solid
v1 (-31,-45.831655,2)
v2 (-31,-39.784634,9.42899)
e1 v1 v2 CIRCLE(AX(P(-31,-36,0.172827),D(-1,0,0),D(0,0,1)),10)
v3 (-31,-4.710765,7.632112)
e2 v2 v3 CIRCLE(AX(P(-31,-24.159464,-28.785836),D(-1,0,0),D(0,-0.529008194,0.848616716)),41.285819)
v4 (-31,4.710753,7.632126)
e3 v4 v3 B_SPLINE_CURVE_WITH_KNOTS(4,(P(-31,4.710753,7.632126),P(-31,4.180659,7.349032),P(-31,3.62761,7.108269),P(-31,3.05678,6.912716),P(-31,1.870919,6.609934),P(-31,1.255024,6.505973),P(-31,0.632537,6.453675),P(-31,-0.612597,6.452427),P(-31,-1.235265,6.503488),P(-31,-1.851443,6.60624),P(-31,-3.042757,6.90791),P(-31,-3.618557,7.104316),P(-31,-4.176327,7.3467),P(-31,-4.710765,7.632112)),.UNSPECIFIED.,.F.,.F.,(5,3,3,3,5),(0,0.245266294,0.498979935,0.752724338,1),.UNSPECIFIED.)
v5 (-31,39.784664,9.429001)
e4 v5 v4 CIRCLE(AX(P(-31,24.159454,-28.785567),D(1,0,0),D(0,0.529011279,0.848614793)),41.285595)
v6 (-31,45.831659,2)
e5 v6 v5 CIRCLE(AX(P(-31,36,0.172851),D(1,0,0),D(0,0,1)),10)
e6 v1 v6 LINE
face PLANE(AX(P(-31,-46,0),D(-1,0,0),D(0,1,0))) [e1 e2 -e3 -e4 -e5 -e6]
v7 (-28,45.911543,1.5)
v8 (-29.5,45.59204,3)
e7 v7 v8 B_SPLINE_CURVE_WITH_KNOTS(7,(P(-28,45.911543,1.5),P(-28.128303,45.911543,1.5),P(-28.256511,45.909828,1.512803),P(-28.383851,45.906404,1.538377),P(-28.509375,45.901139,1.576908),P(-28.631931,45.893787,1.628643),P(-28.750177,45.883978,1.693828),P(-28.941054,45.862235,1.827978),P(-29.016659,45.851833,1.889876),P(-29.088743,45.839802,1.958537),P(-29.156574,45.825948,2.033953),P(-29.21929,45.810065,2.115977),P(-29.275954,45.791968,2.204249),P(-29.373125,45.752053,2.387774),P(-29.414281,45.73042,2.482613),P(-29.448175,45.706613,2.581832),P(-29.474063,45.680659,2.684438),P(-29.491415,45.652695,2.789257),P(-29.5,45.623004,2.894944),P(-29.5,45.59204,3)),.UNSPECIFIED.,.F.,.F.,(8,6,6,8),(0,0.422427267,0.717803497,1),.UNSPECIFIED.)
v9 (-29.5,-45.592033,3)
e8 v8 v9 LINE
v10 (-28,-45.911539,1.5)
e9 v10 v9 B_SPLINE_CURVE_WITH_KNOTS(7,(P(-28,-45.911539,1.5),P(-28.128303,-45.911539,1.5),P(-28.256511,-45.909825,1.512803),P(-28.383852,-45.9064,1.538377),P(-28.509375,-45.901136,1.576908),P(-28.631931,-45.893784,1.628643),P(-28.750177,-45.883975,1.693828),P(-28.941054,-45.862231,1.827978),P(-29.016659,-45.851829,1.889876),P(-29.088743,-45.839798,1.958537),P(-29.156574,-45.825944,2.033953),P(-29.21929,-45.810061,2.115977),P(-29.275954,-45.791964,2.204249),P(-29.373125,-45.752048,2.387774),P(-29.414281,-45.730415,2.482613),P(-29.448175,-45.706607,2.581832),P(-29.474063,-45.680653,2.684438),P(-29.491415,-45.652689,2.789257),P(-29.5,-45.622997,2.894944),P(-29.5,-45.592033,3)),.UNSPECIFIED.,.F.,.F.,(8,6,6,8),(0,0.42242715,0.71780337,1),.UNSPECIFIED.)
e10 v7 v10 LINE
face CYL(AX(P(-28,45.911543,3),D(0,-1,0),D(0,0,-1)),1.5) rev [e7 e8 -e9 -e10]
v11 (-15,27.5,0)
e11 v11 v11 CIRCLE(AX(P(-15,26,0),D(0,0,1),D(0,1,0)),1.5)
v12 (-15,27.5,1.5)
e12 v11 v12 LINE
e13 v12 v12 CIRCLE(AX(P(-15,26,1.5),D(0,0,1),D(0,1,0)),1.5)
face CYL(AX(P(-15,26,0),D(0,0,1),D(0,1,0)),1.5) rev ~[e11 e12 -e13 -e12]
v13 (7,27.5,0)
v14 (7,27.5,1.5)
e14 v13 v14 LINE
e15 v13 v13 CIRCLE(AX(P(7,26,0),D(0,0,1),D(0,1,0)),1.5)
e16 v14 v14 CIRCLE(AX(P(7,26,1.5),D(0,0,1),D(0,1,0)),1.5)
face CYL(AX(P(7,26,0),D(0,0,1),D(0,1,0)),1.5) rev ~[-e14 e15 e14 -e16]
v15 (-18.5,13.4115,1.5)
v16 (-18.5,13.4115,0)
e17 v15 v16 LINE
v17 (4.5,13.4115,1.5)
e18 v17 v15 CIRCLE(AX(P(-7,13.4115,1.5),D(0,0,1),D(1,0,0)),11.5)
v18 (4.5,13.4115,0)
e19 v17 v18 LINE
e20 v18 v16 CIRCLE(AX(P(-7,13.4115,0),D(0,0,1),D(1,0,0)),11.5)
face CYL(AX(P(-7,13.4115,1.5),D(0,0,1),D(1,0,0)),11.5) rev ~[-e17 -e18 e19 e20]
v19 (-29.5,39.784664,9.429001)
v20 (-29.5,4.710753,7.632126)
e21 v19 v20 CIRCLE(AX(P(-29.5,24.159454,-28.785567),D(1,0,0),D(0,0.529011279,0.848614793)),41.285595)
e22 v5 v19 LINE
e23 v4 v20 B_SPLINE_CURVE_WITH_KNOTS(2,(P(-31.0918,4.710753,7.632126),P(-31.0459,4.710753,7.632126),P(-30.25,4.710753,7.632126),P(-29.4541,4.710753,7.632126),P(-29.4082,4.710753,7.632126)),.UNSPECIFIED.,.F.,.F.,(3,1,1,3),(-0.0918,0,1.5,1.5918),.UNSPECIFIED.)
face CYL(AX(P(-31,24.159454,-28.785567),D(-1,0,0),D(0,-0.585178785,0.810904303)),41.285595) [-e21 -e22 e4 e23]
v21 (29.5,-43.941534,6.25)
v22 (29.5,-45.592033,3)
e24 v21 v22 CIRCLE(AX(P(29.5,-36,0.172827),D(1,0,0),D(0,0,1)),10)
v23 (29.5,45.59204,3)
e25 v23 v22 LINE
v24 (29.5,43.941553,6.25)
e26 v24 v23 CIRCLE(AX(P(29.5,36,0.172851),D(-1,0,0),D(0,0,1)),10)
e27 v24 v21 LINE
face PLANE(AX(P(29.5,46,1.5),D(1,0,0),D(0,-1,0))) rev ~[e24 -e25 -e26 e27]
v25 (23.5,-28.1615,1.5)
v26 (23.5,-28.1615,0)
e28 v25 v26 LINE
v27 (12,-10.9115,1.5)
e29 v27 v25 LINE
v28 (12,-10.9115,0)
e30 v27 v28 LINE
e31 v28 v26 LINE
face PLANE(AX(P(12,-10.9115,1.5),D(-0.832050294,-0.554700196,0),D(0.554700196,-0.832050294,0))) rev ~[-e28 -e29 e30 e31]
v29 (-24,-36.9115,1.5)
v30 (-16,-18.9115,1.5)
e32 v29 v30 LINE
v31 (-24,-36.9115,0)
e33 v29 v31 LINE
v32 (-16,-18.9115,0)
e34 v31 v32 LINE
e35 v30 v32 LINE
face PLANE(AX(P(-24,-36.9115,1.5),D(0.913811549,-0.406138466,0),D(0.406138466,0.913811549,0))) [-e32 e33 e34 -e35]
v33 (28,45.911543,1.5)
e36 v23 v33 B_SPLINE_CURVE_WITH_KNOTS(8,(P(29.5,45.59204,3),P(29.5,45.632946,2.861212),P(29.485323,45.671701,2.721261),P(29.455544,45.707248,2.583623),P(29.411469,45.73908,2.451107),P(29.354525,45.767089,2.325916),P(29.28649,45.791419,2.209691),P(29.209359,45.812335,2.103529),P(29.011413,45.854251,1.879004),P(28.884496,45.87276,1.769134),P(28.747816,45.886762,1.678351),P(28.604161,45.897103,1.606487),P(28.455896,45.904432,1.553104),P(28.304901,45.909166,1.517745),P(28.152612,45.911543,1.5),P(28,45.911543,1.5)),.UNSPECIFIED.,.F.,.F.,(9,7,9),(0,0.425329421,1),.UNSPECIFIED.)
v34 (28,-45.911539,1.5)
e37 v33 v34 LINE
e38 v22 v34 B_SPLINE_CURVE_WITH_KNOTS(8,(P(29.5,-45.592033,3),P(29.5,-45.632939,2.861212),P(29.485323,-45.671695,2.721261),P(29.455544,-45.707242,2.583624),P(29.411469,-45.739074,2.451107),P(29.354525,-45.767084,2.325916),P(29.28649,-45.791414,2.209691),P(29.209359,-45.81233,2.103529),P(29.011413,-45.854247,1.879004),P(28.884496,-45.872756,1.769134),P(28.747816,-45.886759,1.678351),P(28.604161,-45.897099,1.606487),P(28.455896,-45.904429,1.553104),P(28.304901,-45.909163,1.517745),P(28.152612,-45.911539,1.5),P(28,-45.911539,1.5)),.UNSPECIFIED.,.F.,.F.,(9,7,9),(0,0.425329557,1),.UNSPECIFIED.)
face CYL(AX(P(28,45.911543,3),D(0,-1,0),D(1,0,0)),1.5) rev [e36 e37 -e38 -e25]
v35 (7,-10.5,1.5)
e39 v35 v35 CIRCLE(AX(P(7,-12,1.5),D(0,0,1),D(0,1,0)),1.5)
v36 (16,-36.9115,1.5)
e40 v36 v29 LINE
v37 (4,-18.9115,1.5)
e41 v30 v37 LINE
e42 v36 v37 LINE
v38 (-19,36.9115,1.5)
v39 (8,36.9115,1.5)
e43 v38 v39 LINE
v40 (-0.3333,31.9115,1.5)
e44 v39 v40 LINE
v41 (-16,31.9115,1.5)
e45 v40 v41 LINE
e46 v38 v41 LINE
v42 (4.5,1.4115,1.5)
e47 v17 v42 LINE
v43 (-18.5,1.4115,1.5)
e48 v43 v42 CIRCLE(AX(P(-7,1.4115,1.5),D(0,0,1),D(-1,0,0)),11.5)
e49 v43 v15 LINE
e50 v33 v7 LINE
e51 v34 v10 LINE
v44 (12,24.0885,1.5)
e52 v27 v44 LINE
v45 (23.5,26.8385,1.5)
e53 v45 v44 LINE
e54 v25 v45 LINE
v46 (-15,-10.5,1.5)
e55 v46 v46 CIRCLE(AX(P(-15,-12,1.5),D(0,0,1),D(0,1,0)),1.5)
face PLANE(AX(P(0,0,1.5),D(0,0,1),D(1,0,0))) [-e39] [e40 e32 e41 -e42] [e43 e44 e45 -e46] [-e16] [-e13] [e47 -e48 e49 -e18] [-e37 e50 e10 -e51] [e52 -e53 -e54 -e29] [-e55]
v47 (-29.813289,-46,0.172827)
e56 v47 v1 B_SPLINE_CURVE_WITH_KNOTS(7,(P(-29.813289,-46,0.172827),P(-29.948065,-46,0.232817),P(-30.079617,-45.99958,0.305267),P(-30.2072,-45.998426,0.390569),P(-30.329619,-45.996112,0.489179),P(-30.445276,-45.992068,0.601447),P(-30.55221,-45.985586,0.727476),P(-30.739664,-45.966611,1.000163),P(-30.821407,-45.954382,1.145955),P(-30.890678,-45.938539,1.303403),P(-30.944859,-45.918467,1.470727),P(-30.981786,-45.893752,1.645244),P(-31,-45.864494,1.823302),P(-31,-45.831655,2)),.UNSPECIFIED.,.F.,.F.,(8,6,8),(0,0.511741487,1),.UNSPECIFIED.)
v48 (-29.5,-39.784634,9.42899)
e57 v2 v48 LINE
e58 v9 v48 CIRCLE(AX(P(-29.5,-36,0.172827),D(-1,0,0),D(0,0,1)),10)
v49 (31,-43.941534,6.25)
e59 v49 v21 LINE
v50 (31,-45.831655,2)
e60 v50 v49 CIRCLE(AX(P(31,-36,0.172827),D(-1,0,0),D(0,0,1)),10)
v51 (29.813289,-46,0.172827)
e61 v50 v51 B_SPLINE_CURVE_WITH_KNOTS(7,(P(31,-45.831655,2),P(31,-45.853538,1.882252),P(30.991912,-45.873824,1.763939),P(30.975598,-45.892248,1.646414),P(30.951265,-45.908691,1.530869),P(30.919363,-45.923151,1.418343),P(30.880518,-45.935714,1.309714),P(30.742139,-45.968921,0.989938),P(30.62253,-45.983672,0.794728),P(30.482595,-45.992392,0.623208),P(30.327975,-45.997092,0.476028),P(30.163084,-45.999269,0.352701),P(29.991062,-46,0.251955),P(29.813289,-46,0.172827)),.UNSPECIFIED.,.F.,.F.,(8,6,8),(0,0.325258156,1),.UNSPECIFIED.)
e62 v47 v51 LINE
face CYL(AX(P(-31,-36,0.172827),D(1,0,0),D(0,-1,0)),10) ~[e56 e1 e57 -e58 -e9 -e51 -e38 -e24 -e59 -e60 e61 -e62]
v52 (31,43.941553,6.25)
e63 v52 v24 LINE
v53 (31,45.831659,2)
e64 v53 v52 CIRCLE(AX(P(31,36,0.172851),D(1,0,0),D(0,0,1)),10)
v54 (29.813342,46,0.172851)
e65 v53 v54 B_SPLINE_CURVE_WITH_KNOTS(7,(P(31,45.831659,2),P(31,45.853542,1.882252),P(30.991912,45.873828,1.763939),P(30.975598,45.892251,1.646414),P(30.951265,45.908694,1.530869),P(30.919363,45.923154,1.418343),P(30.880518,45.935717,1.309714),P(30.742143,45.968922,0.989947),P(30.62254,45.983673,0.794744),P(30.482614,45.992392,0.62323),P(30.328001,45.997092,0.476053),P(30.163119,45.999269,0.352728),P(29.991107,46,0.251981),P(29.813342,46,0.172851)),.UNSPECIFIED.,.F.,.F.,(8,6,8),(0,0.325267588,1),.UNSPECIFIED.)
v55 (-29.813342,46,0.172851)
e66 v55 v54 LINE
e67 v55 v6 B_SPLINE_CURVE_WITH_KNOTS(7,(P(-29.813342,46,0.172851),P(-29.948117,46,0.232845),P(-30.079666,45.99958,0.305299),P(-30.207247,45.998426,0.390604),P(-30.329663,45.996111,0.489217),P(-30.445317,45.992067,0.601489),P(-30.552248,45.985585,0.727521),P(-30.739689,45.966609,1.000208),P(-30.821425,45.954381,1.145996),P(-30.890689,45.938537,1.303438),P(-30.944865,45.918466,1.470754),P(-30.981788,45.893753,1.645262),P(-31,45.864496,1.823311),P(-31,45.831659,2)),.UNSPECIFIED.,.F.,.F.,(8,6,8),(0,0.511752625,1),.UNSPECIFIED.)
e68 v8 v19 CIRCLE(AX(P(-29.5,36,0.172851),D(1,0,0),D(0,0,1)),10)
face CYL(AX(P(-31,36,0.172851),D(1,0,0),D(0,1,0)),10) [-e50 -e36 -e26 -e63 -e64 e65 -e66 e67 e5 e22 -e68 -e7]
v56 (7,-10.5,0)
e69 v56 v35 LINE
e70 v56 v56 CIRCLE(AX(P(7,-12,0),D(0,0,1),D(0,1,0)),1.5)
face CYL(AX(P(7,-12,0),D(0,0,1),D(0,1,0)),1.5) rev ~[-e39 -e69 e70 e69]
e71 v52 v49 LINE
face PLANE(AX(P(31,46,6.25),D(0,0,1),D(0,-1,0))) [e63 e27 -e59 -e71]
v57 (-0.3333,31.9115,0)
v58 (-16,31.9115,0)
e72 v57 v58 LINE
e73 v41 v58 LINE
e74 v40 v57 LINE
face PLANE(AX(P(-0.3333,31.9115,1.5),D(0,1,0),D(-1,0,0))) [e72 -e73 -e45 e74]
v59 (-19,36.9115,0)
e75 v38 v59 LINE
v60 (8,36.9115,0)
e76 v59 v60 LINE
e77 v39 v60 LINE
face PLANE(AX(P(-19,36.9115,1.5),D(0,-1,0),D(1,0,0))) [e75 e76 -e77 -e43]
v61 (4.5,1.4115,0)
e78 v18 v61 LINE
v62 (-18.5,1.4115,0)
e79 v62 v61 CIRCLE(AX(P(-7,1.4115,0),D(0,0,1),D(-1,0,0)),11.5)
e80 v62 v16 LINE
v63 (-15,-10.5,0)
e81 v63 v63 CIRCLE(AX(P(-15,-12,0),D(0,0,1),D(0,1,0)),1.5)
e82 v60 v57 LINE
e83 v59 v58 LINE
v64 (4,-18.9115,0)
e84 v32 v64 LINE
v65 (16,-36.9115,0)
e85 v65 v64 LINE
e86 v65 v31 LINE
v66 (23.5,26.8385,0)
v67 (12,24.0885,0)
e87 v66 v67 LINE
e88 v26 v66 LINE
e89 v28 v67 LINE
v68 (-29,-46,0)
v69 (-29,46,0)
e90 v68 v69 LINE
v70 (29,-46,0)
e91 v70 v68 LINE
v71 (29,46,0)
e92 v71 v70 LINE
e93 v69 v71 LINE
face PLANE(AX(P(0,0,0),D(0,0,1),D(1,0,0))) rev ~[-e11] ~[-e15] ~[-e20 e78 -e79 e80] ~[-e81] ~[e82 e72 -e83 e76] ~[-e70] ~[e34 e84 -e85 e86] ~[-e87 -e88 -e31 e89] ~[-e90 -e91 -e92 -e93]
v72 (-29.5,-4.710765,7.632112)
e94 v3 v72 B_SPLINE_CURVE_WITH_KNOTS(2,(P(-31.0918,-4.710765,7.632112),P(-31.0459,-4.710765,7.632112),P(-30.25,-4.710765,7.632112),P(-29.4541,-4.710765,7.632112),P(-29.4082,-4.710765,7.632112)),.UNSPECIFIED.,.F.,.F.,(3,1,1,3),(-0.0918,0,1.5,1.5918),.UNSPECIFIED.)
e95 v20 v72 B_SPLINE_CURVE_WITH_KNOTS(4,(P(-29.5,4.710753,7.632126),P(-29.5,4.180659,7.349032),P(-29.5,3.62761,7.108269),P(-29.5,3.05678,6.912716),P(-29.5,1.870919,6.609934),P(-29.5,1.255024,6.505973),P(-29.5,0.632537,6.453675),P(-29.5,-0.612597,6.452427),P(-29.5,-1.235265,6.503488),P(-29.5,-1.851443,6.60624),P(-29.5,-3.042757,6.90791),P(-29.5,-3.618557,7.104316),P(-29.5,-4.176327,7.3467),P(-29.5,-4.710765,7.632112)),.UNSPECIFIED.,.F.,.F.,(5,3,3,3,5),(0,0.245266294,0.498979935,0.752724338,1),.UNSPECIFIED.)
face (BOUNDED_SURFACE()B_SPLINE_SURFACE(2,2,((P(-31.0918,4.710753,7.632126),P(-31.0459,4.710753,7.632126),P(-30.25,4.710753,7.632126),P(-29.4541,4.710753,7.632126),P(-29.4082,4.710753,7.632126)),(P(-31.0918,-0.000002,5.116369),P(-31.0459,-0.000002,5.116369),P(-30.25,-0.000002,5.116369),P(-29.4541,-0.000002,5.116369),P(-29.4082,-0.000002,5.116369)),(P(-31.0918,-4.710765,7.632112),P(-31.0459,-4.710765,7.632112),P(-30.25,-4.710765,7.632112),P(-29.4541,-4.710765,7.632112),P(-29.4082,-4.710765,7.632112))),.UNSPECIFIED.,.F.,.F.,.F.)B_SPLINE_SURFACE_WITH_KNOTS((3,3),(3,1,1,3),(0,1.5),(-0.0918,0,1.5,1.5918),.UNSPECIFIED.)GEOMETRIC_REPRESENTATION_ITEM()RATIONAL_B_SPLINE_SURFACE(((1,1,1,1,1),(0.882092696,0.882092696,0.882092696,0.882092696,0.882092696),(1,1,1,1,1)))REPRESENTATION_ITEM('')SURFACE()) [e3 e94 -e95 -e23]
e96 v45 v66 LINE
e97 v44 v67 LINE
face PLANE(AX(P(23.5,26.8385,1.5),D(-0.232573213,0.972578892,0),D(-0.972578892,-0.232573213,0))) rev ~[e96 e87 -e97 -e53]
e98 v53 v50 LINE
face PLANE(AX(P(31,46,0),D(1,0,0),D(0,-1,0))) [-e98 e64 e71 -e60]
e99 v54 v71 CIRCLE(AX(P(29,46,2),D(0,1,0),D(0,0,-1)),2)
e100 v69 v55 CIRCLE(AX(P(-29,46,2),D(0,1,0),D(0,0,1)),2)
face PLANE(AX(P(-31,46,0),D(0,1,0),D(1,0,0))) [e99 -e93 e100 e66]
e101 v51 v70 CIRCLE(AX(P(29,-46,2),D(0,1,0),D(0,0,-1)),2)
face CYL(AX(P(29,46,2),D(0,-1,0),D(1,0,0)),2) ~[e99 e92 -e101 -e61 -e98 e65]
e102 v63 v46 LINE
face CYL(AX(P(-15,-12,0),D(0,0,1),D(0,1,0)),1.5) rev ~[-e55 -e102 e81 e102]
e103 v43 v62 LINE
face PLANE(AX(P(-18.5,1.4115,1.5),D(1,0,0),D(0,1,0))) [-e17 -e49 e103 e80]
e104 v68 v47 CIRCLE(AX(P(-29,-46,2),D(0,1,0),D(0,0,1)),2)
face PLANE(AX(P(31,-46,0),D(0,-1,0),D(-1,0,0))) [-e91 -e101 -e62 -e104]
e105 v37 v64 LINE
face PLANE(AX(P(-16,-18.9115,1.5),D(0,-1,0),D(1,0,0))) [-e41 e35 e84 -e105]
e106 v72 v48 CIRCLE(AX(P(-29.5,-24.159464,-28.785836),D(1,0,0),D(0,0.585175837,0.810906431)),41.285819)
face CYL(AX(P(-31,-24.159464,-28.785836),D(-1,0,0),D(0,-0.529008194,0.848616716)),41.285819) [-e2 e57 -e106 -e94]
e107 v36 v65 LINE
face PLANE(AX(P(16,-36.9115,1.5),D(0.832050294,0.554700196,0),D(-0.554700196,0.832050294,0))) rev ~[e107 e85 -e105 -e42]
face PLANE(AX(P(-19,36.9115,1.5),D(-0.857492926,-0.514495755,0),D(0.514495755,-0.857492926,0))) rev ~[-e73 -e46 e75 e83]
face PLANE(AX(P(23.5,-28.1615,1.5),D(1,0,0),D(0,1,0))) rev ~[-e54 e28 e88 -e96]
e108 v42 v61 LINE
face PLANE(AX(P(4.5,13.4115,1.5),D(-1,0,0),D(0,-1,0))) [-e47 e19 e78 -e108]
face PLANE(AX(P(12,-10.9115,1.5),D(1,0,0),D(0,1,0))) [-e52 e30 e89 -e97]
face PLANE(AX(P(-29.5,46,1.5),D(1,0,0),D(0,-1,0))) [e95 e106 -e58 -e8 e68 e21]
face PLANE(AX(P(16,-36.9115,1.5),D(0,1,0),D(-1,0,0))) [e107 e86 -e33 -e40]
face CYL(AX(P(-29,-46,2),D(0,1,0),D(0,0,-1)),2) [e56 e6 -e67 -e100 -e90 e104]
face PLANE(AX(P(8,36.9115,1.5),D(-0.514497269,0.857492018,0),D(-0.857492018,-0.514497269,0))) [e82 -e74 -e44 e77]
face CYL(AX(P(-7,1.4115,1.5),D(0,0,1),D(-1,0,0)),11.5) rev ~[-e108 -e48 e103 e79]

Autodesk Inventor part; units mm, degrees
ref_plane "YZ Plane" through (0, 0, 0) normal (1, 0, 0) x (0, 1, 0)
ref_plane "XZ Plane" through (0, 0, 0) normal (0, 1, 0) x (-1, 0, 0)
ref_plane "XY Plane" through (0, 0, 0) normal (0, 0, 1) x (1, 0, 0)
sketch "スケッチ1" plane through (0, 0, 0) normal (0, 0, 1) x (1, 0, 0)
  line L0 (-31, 46) -> (31, 46)
  line L1 (31, 46) -> (31, -46)
  line L2 (31, -46) -> (-31, -46)
  line L3 (-31, -46) -> (-31, 46)
  point P0 (0, 0)
  dimension "d0" = 92
  dimension "d1" = 46
  dimension "d2" = 62
  dimension "d3" = 31
extrude "押し出し1" add sketch "スケッチ1" along normal blind 1.5
sketch "スケッチ3" plane through (0, 0, 0) normal (0, 0, -1) x (-1, 0, 0)
  circle A0 centre (-7, 26) radius 1.5
  circle A1 centre (15, 26) radius 1.5
  circle A2 centre (-7, -12) radius 1.5
  circle A3 centre (15, -12) radius 1.5
  line L0 (31, 46) -> (-31, 46) projected
  line L1 (31, -46) -> (31, 46) projected
  point P0 (0, 0)
  dimension "d10" = 3
  dimension "d11" = 22
  dimension "d12" = 22
  dimension "d15" = 38
  dimension "d16" = 38
  dimension "d35" = 20
  dimension "d36" = 20
  dimension "d44" = 16
  dimension "d45" = 16
hole "穴1" at (-15, -12, 0) at (-15, 26, 0) at (7, 26, 0) at (7, -12, 0) direction (0, 0, 1) diameter 3 end through all
sketch "スケッチ4" plane through (0, 0, 1.5) normal (0, 0, 1) x (1, 0, 0)
  line L0 (-31, -46) -> (-31, 46) projected
  line L1 (31, -46) -> (-31, -46) projected
  line L2 (-31, 46) -> (-29.5, 46)
  line L3 (-29.5, 46) -> (-29.5, -46)
  line L4 (-29.5, -46) -> (-31, -46)
  line L5 (-31, -46) -> (-31, 46)
  line L6 (31, 46) -> (29.5, 46)
  line L7 (29.5, 46) -> (29.5, -46)
  line L8 (29.5, -46) -> (31, -46)
  line L9 (31, -46) -> (31, 46)
  point P0 (0, 0)
  dimension "d37" = 59
  dimension "d39" = 1.5
extrude "押し出し3" add sketch "スケッチ4" along normal blind 11
sketch "スケッチ5" plane through (-31, -46, 0) normal (-1, 0, 0) x (0, 0, 1)
  line L0 (0, 92) -> (12.5, 92) projected
  line L1 (0, 0) -> (0, 92) projected
  line L2 (0, 0) -> (12.5, 0) projected
  line L3 (12.5, 92) -> (12.5, 0) projected
  arc A0 (4.6931, 46) -> (6.25, 92) centre (-28.7857, 70.1595) ccw
  arc A1 (6.25, 0) -> (4.6931, 46) centre (-28.7857, 21.8405) ccw
  point P0 (0, 46)
extrude "押し出し4" cut sketch "スケッチ5" against normal blind 1.5 contours L0 L3 A0 | L3 A1 A0 | A1 L3 L2
sketch "スケッチ6" plane through (31, -46, 0) normal (1, 0, 0) x (0, 0, -1)
  line L0 (0, 0) -> (-12.5, 0) projected
  line L1 (-12.5, 92) -> (-6.25, 92)
  line L2 (-6.25, 92) -> (-6.25, 0)
  line L3 (-6.25, 0) -> (-12.5, 0)
  line L4 (-12.5, 0) -> (-12.5, 92)
  point P0 (0, 46)
extrude "押し出し5" cut sketch "スケッチ6" against normal blind 1.5
fillet "フィレット4" radius 10 3 edges at (-30.25, -46, 6.25) (-30.25, 0, 4.6931) (-30.25, 46, 6.25)
sketch "スケッチ7" plane through (0, 0, 1.5) normal (0, 0, 1) x (1, 0, 0)
  line L0 (-29.5, 45.9115) -> (29.5, 45.9115) projected
  line L1 (-29.5, 45.9115) -> (-29.5, -45.9115) projected
  line L2 (29.5, -45.9115) -> (-29.5, -45.9115) projected
  line L3 (29.5, -45.9115) -> (29.5, 45.9115) projected
  line L4 (4.5, 13.4115) -> (4.5, 1.4115)
  line L5 (-18.5, 1.4115) -> (-18.5, 13.4115)
  line L6 (-19, 36.9115) -> (8, 36.9115)
  line L7 (-0.3333, 31.9115) -> (-16, 31.9115)
  line L8 (-16, -18.9115) -> (4, -18.9115)
  line L9 (16, -36.9115) -> (-24, -36.9115)
  line L10 (-24, -36.9115) -> (-16, -18.9115)
  line L11 (16, -36.9115) -> (4, -18.9115)
  line L12 (31, 18.1628) -> (29.5, 17.5573)
  line L13 (-19, 36.9115) -> (-16, 31.9115)
  line L14 (8, 36.9115) -> (-0.3333, 31.9115)
  arc A0 (-18.5, 1.4115) -> (4.5, 1.4115) centre (-7, 1.4115) ccw
  arc A1 (4.5, 13.4115) -> (-18.5, 13.4115) centre (-7, 13.4115) ccw
  line L15 (-31, 39.7846) -> (-31, 4.7108) projected
  line L16 (-31, -4.7108) -> (-31, -39.7846) projected
  line L17 (31, 43.9415) -> (31, -43.9415) projected
  line L18 (12, -10.9115) -> (23.5, -28.1615)
  line L19 (23.5, -28.1615) -> (23.5, 26.8385)
  line L20 (23.5, 26.8385) -> (12, 24.0885)
  line L21 (12, -10.9115) -> (12, 24.0885)
  line L22 (29.5, -43.9415) -> (29.5, 43.9415) projected
  point P0 (0, 0)
  dimension "d62" = 12
  dimension "d63" = 11.5
  dimension "d64" = 11.5
  dimension "d65" = 23
  dimension "d68" = 32.5
  dimension "d70" = 5
  dimension "d72" = 18
  dimension "d73" = 27
  dimension "d77" = 9
  dimension "d78" = 13.5
  dimension "d79" = 10.5
  dimension "d80" = 11
  dimension "d83" = 24
  dimension "d84" = 24
  dimension "d89" = 40
  dimension "d92" = 20
  dimension "d93" = 9
  dimension "d102" = 7
  dimension "d103" = 15
  dimension "d114" = 35
  dimension "d115" = 55
  dimension "d118" = 11.5
  dimension "d119" = 6
  dimension "d120" = 35
extrude "押し出し6" cut sketch "スケッチ7" against normal blind 1.5 contours L4 A0 L5 A1 | L6 L14 L7 L13 | L8 L11 L9 L10 | L21 L20 L19 L18
fillet "フィレット5" radius 2 2 edges at (-31, 0, 0) (31, 0, 0)
fillet "フィレット5" radius 1.5 2 edges at (-29.5, 0, 1.5) (29.5, 0, 1.5)
properties material "アセタール樹脂、白"
